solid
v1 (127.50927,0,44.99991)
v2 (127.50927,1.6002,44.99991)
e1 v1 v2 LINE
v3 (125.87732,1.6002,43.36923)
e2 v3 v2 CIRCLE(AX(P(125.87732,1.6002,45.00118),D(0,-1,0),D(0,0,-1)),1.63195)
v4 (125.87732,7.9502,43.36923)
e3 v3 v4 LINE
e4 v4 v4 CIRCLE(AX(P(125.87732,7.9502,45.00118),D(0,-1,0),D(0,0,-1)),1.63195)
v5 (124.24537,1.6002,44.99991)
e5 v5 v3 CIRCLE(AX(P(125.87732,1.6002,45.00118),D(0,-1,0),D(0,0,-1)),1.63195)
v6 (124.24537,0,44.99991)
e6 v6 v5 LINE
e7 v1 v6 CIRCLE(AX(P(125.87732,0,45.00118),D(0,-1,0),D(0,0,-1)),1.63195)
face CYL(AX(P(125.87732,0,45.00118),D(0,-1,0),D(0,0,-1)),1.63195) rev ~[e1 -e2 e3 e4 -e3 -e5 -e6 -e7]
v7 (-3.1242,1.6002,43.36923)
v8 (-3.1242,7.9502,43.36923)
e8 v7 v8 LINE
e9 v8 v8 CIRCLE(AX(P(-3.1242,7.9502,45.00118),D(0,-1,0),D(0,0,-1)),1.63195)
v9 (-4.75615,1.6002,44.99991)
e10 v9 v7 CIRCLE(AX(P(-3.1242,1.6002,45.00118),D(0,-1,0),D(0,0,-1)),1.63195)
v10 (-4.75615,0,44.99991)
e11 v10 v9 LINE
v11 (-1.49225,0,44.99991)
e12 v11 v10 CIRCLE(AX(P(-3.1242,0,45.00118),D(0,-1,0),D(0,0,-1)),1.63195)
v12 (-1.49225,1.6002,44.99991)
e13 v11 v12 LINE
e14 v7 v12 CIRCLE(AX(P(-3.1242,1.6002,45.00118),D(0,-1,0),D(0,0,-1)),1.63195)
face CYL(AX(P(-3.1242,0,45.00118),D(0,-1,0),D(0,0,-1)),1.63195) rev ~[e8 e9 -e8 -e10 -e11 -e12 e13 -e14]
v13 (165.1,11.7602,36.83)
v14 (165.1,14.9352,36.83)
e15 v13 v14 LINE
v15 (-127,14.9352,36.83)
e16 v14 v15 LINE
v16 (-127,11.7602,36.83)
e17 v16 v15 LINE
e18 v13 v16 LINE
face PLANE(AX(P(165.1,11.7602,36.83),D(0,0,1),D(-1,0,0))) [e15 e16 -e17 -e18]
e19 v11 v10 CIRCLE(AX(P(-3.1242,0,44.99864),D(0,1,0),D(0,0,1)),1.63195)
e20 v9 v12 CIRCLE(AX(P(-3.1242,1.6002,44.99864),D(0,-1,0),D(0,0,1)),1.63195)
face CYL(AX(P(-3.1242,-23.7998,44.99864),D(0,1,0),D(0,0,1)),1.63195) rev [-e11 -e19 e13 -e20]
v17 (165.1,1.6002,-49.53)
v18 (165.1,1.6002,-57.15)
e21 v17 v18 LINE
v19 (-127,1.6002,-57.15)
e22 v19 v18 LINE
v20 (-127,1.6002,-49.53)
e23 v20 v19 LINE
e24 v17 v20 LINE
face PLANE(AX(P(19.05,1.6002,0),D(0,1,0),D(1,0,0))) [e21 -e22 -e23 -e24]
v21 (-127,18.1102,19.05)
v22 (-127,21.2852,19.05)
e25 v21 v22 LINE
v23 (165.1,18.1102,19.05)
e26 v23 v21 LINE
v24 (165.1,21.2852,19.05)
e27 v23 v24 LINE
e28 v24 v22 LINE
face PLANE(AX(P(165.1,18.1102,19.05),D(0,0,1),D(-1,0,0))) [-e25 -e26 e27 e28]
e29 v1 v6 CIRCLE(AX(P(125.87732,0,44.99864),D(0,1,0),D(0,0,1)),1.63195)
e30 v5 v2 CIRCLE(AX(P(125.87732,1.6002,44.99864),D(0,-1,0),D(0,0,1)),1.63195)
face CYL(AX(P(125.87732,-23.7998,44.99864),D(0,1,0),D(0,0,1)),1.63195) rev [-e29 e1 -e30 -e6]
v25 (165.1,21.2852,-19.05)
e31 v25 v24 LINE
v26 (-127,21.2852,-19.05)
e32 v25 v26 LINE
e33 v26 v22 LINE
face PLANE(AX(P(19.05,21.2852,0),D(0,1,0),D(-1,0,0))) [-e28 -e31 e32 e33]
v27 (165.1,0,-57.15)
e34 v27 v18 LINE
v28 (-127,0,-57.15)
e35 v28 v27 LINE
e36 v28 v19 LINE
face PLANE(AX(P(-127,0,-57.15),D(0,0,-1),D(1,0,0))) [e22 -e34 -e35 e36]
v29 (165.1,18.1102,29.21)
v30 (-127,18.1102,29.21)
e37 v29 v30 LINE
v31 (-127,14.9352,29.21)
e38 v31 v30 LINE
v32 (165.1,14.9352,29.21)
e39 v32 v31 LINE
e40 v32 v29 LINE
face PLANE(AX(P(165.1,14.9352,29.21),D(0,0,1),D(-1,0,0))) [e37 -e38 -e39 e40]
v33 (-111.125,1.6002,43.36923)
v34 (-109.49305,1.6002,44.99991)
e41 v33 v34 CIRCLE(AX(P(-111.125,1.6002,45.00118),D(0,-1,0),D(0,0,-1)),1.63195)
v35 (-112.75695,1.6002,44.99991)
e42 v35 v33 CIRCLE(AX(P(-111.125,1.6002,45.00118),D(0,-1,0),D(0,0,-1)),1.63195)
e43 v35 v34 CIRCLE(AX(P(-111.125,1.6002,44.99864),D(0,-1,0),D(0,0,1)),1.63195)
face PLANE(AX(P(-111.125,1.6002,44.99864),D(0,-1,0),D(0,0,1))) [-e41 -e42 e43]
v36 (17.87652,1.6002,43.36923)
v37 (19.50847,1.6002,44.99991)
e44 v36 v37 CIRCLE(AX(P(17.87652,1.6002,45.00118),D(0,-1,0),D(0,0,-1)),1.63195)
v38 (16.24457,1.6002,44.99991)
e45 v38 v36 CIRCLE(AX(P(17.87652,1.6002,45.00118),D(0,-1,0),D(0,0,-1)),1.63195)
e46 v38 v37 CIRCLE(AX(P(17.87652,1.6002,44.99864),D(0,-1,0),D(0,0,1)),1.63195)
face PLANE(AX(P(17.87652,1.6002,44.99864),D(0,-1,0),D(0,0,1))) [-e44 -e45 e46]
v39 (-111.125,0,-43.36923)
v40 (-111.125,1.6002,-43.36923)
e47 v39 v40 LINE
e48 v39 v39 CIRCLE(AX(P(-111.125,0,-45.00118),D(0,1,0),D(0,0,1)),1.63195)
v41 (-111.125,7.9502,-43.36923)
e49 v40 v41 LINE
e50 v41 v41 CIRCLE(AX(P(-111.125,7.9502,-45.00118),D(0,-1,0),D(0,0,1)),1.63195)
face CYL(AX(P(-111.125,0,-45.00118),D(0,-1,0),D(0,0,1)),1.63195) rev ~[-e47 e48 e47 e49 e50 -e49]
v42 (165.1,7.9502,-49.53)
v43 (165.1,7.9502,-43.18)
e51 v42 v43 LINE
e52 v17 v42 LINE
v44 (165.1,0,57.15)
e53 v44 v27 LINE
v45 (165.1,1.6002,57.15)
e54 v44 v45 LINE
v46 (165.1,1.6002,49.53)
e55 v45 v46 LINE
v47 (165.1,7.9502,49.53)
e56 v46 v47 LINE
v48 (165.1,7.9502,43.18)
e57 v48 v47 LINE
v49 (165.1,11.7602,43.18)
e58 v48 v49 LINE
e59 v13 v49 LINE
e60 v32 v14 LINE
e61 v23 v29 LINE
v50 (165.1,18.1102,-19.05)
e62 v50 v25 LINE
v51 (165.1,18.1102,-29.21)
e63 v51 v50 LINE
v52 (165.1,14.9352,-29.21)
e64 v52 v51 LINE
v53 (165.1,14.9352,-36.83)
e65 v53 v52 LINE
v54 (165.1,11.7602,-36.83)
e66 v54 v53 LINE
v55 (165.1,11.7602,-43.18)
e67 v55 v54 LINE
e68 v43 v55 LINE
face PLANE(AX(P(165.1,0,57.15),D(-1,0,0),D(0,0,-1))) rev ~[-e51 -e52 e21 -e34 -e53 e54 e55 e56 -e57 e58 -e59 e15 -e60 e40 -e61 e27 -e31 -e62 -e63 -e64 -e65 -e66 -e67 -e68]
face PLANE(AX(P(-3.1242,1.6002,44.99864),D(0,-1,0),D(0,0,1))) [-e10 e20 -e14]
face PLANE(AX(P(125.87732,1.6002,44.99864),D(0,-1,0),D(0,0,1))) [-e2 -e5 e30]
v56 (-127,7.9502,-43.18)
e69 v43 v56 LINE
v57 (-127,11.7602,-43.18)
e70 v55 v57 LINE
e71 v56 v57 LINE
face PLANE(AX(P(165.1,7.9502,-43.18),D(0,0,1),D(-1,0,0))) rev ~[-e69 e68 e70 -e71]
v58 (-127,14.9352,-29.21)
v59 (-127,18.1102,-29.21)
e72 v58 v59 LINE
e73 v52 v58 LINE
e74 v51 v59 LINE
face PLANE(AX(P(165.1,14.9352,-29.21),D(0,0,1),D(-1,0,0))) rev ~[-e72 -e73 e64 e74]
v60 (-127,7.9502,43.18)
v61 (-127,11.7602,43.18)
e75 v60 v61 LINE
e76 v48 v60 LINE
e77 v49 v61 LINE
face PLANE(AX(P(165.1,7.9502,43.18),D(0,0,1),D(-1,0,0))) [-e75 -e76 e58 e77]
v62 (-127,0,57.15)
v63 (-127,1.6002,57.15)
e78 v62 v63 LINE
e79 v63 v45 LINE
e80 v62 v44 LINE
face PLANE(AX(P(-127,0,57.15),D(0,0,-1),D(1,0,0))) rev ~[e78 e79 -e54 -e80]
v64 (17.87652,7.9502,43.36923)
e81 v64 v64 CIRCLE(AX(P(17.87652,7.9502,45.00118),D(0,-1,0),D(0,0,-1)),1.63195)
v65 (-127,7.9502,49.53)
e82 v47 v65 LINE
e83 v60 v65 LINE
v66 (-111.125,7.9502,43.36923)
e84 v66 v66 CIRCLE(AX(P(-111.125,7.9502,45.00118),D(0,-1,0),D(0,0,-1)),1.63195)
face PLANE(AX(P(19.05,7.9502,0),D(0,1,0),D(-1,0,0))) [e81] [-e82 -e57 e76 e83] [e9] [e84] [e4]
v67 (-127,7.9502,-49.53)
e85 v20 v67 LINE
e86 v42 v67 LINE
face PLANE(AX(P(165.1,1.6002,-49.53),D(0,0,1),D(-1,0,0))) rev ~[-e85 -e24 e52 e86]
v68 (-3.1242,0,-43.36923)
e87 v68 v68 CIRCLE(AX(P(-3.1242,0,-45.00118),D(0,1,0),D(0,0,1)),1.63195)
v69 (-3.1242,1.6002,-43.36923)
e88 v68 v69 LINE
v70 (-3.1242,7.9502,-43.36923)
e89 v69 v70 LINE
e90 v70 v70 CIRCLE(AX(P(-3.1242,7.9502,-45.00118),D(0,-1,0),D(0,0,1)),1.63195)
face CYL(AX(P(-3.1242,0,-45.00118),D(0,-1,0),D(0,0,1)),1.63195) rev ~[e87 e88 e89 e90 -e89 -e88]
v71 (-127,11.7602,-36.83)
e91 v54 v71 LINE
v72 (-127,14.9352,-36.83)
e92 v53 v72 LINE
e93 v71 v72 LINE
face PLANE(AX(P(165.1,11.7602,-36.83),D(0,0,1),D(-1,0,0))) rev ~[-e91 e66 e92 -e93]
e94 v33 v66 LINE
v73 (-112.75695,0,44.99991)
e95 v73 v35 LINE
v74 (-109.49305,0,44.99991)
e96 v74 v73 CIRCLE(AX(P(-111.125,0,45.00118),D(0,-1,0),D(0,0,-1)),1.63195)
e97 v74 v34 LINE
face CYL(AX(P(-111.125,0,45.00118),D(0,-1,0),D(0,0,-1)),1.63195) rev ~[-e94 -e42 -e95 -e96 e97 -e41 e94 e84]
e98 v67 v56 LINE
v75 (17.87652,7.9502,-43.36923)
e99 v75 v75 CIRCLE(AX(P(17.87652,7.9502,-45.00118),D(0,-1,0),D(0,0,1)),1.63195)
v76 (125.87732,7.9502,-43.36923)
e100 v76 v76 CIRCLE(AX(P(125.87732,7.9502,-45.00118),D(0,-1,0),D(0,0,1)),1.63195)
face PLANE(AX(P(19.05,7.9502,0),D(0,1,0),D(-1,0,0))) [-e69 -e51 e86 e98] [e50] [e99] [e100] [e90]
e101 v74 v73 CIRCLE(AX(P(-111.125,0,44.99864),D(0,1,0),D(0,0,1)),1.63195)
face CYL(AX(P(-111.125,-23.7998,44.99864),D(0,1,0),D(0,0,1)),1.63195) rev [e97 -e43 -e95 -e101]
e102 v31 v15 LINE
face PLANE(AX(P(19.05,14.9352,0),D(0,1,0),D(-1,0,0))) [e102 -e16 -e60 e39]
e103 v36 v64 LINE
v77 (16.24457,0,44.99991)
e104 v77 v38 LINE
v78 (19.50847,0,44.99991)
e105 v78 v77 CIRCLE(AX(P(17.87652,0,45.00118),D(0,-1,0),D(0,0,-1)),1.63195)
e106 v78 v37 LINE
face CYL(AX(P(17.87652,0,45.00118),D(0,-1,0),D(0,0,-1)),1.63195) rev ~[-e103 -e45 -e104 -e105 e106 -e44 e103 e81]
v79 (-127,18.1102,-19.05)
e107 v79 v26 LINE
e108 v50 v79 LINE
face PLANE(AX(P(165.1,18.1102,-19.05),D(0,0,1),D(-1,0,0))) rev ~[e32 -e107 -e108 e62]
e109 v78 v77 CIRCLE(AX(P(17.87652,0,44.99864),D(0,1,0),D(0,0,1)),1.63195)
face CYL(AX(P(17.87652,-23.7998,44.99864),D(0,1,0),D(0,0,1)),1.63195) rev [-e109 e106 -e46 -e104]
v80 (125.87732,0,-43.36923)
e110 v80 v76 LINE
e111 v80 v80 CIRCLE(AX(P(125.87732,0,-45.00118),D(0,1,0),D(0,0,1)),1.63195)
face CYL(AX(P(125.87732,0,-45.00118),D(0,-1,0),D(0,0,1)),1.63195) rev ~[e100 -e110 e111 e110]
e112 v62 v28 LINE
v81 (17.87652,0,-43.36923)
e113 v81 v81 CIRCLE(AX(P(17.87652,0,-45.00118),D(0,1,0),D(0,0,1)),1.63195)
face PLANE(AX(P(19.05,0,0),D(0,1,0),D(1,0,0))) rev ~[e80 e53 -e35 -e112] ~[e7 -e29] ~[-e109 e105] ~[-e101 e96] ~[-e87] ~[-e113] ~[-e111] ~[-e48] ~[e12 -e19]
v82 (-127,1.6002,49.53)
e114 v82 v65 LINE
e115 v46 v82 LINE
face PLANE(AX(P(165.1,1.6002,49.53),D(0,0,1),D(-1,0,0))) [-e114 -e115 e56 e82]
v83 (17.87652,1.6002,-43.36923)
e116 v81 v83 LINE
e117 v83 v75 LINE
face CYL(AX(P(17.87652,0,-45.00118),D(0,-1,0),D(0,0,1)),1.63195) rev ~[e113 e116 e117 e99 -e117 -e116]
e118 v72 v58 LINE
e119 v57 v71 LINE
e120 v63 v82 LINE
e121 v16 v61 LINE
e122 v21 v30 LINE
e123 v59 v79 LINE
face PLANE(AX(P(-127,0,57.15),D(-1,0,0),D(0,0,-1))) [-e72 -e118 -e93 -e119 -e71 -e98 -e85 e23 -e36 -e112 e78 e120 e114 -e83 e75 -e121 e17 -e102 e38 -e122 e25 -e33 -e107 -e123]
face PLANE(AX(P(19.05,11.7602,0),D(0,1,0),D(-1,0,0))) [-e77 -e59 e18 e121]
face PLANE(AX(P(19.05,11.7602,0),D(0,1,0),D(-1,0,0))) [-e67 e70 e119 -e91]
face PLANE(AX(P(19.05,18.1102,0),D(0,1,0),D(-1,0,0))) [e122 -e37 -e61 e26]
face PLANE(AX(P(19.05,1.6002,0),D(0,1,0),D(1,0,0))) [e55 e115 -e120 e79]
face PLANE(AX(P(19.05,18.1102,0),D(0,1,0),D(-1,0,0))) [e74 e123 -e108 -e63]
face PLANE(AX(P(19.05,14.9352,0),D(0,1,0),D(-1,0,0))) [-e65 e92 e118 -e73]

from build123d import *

# Parameters (mm, degrees)
SKETCH1_W                      = 292.1
SKETCH1_H                      = 114.3
EXTRUDE1_DEPTH                 = 1.6002
SKETCH3_W                      = 292.1
SKETCH3_H                      = 99.06
EXTRUDE2_DEPTH                 = 6.35
F_4_CLEARANCE_HOLE1_AT_2_COUNT = 2
F_4_CLEARANCE_HOLE1_AT_2_PITCH = 108.0008
F_4_CLEARANCE_HOLE1_AT_3_COUNT = 2
F_4_CLEARANCE_HOLE1_AT_3_PITCH = 140.584993512
F_4_CLEARANCE_HOLE1_AT_4_COUNT = 2
F_4_CLEARANCE_HOLE1_AT_4_PITCH = 89.99982
F_4_CLEARANCE_HOLE1_AT_5_COUNT = 2
F_4_CLEARANCE_HOLE1_AT_5_PITCH = 253.51541824
F_4_CLEARANCE_HOLE1_AT_6_COUNT = 2
F_4_CLEARANCE_HOLE1_AT_6_PITCH = 157.293864351
F_4_CLEARANCE_HOLE1_AT_7_COUNT = 2
F_4_CLEARANCE_HOLE1_AT_7_PITCH = 129.00152
F_4_CLEARANCE_HOLE1_AT_8_COUNT = 2
F_4_CLEARANCE_HOLE1_AT_8_PITCH = 237.00232
SKETCH4_W                      = 292.1
SKETCH4_H                      = 86.36
EXTRUDE3_DEPTH                 = 3.81
SKETCH5_W                      = 292.1
SKETCH5_H                      = 73.66
EXTRUDE4_DEPTH                 = 3.175
SKETCH6_W                      = 292.1
SKETCH6_H                      = 58.42
EXTRUDE5_DEPTH                 = 3.175
SKETCH7_W                      = 292.1
SKETCH7_H                      = 38.1
EXTRUDE6_DEPTH                 = 3.175
SKETCH8_R                      = 1.63195
CUT_EXTRUDE1_DEPTH             = 177.00338701


with BuildPart() as part:
    # Sketch1 → Extrude1 (new body)
    with BuildSketch(Plane(origin=(0, 0, 0), x_dir=(1, 0, 0), z_dir=(0, 1, 0))):
        with Locations((19.05, 0)):
            Rectangle(SKETCH1_W, SKETCH1_H)
    extrude(amount=EXTRUDE1_DEPTH)

    # Sketch3 → Extrude2 (add)
    with BuildSketch(Plane(origin=(0, 1.6002, 0), x_dir=(-1, 0, 0), z_dir=(0, 1, 0))):
        with Locations((-19.05, 0)):
            Rectangle(SKETCH3_W, SKETCH3_H)
    extrude(amount=EXTRUDE2_DEPTH)

    # Sketch2 → #4 Clearance Hole1 (revolve, cut)
    with BuildSketch(Plane(origin=(125.87732, 1.6002, 44.99864), x_dir=(0, 0, 1), z_dir=(1, 0, 0))):
        Polygon((0, 0), (0, 26.380574487), (1.63195, 25.4), (1.63195, 0), align=None)
    f_4_clearance_hole1 = revolve(axis=Axis((125.87732, 7.9502, 44.99864), (0, -1, 0)), mode=Mode.SUBTRACT)

    # #4 Clearance Hole1 at 2: #4 Clearance Hole1 ×2
    with Locations(*[(-i * F_4_CLEARANCE_HOLE1_AT_2_PITCH, 0, 0) for i in range(1, F_4_CLEARANCE_HOLE1_AT_2_COUNT)]):
        add(f_4_clearance_hole1, mode=Mode.SUBTRACT)

    # #4 Clearance Hole1 at 3: #4 Clearance Hole1 ×2
    with Locations(*[Vector(-0.7682242414518123, 0, -0.6401808454224382) * (i * F_4_CLEARANCE_HOLE1_AT_3_PITCH) for i in range(1, F_4_CLEARANCE_HOLE1_AT_3_COUNT)]):
        add(f_4_clearance_hole1, mode=Mode.SUBTRACT)

    # #4 Clearance Hole1 at 4: #4 Clearance Hole1 ×2
    with Locations(*[(0, 0, -i * F_4_CLEARANCE_HOLE1_AT_4_PITCH) for i in range(1, F_4_CLEARANCE_HOLE1_AT_4_COUNT)]):
        add(f_4_clearance_hole1, mode=Mode.SUBTRACT)

    # #4 Clearance Hole1 at 5: #4 Clearance Hole1 ×2
    with Locations(*[Vector(-0.9348635347125491, 0, -0.35500728367846013) * (i * F_4_CLEARANCE_HOLE1_AT_5_PITCH) for i in range(1, F_4_CLEARANCE_HOLE1_AT_5_COUNT)]):
        add(f_4_clearance_hole1, mode=Mode.SUBTRACT)

    # #4 Clearance Hole1 at 6: #4 Clearance Hole1 ×2
    with Locations(*[Vector(-0.8201306550169548, 0, -0.5721762916282541) * (i * F_4_CLEARANCE_HOLE1_AT_6_PITCH) for i in range(1, F_4_CLEARANCE_HOLE1_AT_6_COUNT)]):
        add(f_4_clearance_hole1, mode=Mode.SUBTRACT)

    # #4 Clearance Hole1 at 7: #4 Clearance Hole1 ×2
    with Locations(*[(-i * F_4_CLEARANCE_HOLE1_AT_7_PITCH, 0, 0) for i in range(1, F_4_CLEARANCE_HOLE1_AT_7_COUNT)]):
        add(f_4_clearance_hole1, mode=Mode.SUBTRACT)

    # #4 Clearance Hole1 at 8: #4 Clearance Hole1 ×2
    with Locations(*[(-i * F_4_CLEARANCE_HOLE1_AT_8_PITCH, 0, 0) for i in range(1, F_4_CLEARANCE_HOLE1_AT_8_COUNT)]):
        add(f_4_clearance_hole1, mode=Mode.SUBTRACT)

    # Sketch4 → Extrude3 (add)
    with BuildSketch(Plane(origin=(0, 7.9502, 0), x_dir=(-1, 0, 0), z_dir=(0, 1, 0))):
        with Locations((-19.05, 0)):
            Rectangle(SKETCH4_W, SKETCH4_H)
    extrude(amount=EXTRUDE3_DEPTH)

    # Sketch5 → Extrude4 (add)
    with BuildSketch(Plane(origin=(0, 11.7602, 0), x_dir=(-1, 0, 0), z_dir=(0, 1, 0))):
        with Locations((-19.05, 0)):
            Rectangle(SKETCH5_W, SKETCH5_H)
    extrude(amount=EXTRUDE4_DEPTH)

    # Sketch6 → Extrude5 (add)
    with BuildSketch(Plane(origin=(0, 14.9352, 0), x_dir=(-1, 0, 0), z_dir=(0, 1, 0))):
        with Locations((-19.05, 0)):
            Rectangle(SKETCH6_W, SKETCH6_H)
    extrude(amount=EXTRUDE5_DEPTH)

    # Sketch7 → Extrude6 (add)
    with BuildSketch(Plane(origin=(0, 18.1102, 0), x_dir=(-1, 0, 0), z_dir=(0, 1, 0))):
        with Locations((-19.05, 0)):
            Rectangle(SKETCH7_W, SKETCH7_H)
    extrude(amount=EXTRUDE6_DEPTH)

    # Sketch8 → Cut-Extrude1 (cut, through all)
    with BuildSketch(Plane.XZ):
        with Locations(Location((125.87732, -45.00118, 0), (0, 0, 90))):
            Circle(SKETCH8_R)
        with Locations(Location((17.87652, -45.00118, 0), (0, 0, 90))):
            Circle(SKETCH8_R)
        with Locations(Location((-3.1242, -45.00118, 0), (0, 0, 90))):
            Circle(SKETCH8_R)
        with Locations(Location((-111.125, -45.00118, 0), (0, 0, 90))):
            Circle(SKETCH8_R)
        with Locations(Location((-111.125, 45.00118, 0), (0, 0, 270))):
            Circle(SKETCH8_R)
        with Locations(Location((-3.1242, 45.00118, 0), (0, 0, 270))):
            Circle(SKETCH8_R)
        with Locations(Location((17.87652, 45.00118, 0), (0, 0, 270))):
            Circle(SKETCH8_R)
        with Locations(Location((125.87732, 45.00118, 0), (0, 0, 270))):
            Circle(SKETCH8_R)
    extrude(amount=-CUT_EXTRUDE1_DEPTH, mode=Mode.SUBTRACT)


solid = part.part
